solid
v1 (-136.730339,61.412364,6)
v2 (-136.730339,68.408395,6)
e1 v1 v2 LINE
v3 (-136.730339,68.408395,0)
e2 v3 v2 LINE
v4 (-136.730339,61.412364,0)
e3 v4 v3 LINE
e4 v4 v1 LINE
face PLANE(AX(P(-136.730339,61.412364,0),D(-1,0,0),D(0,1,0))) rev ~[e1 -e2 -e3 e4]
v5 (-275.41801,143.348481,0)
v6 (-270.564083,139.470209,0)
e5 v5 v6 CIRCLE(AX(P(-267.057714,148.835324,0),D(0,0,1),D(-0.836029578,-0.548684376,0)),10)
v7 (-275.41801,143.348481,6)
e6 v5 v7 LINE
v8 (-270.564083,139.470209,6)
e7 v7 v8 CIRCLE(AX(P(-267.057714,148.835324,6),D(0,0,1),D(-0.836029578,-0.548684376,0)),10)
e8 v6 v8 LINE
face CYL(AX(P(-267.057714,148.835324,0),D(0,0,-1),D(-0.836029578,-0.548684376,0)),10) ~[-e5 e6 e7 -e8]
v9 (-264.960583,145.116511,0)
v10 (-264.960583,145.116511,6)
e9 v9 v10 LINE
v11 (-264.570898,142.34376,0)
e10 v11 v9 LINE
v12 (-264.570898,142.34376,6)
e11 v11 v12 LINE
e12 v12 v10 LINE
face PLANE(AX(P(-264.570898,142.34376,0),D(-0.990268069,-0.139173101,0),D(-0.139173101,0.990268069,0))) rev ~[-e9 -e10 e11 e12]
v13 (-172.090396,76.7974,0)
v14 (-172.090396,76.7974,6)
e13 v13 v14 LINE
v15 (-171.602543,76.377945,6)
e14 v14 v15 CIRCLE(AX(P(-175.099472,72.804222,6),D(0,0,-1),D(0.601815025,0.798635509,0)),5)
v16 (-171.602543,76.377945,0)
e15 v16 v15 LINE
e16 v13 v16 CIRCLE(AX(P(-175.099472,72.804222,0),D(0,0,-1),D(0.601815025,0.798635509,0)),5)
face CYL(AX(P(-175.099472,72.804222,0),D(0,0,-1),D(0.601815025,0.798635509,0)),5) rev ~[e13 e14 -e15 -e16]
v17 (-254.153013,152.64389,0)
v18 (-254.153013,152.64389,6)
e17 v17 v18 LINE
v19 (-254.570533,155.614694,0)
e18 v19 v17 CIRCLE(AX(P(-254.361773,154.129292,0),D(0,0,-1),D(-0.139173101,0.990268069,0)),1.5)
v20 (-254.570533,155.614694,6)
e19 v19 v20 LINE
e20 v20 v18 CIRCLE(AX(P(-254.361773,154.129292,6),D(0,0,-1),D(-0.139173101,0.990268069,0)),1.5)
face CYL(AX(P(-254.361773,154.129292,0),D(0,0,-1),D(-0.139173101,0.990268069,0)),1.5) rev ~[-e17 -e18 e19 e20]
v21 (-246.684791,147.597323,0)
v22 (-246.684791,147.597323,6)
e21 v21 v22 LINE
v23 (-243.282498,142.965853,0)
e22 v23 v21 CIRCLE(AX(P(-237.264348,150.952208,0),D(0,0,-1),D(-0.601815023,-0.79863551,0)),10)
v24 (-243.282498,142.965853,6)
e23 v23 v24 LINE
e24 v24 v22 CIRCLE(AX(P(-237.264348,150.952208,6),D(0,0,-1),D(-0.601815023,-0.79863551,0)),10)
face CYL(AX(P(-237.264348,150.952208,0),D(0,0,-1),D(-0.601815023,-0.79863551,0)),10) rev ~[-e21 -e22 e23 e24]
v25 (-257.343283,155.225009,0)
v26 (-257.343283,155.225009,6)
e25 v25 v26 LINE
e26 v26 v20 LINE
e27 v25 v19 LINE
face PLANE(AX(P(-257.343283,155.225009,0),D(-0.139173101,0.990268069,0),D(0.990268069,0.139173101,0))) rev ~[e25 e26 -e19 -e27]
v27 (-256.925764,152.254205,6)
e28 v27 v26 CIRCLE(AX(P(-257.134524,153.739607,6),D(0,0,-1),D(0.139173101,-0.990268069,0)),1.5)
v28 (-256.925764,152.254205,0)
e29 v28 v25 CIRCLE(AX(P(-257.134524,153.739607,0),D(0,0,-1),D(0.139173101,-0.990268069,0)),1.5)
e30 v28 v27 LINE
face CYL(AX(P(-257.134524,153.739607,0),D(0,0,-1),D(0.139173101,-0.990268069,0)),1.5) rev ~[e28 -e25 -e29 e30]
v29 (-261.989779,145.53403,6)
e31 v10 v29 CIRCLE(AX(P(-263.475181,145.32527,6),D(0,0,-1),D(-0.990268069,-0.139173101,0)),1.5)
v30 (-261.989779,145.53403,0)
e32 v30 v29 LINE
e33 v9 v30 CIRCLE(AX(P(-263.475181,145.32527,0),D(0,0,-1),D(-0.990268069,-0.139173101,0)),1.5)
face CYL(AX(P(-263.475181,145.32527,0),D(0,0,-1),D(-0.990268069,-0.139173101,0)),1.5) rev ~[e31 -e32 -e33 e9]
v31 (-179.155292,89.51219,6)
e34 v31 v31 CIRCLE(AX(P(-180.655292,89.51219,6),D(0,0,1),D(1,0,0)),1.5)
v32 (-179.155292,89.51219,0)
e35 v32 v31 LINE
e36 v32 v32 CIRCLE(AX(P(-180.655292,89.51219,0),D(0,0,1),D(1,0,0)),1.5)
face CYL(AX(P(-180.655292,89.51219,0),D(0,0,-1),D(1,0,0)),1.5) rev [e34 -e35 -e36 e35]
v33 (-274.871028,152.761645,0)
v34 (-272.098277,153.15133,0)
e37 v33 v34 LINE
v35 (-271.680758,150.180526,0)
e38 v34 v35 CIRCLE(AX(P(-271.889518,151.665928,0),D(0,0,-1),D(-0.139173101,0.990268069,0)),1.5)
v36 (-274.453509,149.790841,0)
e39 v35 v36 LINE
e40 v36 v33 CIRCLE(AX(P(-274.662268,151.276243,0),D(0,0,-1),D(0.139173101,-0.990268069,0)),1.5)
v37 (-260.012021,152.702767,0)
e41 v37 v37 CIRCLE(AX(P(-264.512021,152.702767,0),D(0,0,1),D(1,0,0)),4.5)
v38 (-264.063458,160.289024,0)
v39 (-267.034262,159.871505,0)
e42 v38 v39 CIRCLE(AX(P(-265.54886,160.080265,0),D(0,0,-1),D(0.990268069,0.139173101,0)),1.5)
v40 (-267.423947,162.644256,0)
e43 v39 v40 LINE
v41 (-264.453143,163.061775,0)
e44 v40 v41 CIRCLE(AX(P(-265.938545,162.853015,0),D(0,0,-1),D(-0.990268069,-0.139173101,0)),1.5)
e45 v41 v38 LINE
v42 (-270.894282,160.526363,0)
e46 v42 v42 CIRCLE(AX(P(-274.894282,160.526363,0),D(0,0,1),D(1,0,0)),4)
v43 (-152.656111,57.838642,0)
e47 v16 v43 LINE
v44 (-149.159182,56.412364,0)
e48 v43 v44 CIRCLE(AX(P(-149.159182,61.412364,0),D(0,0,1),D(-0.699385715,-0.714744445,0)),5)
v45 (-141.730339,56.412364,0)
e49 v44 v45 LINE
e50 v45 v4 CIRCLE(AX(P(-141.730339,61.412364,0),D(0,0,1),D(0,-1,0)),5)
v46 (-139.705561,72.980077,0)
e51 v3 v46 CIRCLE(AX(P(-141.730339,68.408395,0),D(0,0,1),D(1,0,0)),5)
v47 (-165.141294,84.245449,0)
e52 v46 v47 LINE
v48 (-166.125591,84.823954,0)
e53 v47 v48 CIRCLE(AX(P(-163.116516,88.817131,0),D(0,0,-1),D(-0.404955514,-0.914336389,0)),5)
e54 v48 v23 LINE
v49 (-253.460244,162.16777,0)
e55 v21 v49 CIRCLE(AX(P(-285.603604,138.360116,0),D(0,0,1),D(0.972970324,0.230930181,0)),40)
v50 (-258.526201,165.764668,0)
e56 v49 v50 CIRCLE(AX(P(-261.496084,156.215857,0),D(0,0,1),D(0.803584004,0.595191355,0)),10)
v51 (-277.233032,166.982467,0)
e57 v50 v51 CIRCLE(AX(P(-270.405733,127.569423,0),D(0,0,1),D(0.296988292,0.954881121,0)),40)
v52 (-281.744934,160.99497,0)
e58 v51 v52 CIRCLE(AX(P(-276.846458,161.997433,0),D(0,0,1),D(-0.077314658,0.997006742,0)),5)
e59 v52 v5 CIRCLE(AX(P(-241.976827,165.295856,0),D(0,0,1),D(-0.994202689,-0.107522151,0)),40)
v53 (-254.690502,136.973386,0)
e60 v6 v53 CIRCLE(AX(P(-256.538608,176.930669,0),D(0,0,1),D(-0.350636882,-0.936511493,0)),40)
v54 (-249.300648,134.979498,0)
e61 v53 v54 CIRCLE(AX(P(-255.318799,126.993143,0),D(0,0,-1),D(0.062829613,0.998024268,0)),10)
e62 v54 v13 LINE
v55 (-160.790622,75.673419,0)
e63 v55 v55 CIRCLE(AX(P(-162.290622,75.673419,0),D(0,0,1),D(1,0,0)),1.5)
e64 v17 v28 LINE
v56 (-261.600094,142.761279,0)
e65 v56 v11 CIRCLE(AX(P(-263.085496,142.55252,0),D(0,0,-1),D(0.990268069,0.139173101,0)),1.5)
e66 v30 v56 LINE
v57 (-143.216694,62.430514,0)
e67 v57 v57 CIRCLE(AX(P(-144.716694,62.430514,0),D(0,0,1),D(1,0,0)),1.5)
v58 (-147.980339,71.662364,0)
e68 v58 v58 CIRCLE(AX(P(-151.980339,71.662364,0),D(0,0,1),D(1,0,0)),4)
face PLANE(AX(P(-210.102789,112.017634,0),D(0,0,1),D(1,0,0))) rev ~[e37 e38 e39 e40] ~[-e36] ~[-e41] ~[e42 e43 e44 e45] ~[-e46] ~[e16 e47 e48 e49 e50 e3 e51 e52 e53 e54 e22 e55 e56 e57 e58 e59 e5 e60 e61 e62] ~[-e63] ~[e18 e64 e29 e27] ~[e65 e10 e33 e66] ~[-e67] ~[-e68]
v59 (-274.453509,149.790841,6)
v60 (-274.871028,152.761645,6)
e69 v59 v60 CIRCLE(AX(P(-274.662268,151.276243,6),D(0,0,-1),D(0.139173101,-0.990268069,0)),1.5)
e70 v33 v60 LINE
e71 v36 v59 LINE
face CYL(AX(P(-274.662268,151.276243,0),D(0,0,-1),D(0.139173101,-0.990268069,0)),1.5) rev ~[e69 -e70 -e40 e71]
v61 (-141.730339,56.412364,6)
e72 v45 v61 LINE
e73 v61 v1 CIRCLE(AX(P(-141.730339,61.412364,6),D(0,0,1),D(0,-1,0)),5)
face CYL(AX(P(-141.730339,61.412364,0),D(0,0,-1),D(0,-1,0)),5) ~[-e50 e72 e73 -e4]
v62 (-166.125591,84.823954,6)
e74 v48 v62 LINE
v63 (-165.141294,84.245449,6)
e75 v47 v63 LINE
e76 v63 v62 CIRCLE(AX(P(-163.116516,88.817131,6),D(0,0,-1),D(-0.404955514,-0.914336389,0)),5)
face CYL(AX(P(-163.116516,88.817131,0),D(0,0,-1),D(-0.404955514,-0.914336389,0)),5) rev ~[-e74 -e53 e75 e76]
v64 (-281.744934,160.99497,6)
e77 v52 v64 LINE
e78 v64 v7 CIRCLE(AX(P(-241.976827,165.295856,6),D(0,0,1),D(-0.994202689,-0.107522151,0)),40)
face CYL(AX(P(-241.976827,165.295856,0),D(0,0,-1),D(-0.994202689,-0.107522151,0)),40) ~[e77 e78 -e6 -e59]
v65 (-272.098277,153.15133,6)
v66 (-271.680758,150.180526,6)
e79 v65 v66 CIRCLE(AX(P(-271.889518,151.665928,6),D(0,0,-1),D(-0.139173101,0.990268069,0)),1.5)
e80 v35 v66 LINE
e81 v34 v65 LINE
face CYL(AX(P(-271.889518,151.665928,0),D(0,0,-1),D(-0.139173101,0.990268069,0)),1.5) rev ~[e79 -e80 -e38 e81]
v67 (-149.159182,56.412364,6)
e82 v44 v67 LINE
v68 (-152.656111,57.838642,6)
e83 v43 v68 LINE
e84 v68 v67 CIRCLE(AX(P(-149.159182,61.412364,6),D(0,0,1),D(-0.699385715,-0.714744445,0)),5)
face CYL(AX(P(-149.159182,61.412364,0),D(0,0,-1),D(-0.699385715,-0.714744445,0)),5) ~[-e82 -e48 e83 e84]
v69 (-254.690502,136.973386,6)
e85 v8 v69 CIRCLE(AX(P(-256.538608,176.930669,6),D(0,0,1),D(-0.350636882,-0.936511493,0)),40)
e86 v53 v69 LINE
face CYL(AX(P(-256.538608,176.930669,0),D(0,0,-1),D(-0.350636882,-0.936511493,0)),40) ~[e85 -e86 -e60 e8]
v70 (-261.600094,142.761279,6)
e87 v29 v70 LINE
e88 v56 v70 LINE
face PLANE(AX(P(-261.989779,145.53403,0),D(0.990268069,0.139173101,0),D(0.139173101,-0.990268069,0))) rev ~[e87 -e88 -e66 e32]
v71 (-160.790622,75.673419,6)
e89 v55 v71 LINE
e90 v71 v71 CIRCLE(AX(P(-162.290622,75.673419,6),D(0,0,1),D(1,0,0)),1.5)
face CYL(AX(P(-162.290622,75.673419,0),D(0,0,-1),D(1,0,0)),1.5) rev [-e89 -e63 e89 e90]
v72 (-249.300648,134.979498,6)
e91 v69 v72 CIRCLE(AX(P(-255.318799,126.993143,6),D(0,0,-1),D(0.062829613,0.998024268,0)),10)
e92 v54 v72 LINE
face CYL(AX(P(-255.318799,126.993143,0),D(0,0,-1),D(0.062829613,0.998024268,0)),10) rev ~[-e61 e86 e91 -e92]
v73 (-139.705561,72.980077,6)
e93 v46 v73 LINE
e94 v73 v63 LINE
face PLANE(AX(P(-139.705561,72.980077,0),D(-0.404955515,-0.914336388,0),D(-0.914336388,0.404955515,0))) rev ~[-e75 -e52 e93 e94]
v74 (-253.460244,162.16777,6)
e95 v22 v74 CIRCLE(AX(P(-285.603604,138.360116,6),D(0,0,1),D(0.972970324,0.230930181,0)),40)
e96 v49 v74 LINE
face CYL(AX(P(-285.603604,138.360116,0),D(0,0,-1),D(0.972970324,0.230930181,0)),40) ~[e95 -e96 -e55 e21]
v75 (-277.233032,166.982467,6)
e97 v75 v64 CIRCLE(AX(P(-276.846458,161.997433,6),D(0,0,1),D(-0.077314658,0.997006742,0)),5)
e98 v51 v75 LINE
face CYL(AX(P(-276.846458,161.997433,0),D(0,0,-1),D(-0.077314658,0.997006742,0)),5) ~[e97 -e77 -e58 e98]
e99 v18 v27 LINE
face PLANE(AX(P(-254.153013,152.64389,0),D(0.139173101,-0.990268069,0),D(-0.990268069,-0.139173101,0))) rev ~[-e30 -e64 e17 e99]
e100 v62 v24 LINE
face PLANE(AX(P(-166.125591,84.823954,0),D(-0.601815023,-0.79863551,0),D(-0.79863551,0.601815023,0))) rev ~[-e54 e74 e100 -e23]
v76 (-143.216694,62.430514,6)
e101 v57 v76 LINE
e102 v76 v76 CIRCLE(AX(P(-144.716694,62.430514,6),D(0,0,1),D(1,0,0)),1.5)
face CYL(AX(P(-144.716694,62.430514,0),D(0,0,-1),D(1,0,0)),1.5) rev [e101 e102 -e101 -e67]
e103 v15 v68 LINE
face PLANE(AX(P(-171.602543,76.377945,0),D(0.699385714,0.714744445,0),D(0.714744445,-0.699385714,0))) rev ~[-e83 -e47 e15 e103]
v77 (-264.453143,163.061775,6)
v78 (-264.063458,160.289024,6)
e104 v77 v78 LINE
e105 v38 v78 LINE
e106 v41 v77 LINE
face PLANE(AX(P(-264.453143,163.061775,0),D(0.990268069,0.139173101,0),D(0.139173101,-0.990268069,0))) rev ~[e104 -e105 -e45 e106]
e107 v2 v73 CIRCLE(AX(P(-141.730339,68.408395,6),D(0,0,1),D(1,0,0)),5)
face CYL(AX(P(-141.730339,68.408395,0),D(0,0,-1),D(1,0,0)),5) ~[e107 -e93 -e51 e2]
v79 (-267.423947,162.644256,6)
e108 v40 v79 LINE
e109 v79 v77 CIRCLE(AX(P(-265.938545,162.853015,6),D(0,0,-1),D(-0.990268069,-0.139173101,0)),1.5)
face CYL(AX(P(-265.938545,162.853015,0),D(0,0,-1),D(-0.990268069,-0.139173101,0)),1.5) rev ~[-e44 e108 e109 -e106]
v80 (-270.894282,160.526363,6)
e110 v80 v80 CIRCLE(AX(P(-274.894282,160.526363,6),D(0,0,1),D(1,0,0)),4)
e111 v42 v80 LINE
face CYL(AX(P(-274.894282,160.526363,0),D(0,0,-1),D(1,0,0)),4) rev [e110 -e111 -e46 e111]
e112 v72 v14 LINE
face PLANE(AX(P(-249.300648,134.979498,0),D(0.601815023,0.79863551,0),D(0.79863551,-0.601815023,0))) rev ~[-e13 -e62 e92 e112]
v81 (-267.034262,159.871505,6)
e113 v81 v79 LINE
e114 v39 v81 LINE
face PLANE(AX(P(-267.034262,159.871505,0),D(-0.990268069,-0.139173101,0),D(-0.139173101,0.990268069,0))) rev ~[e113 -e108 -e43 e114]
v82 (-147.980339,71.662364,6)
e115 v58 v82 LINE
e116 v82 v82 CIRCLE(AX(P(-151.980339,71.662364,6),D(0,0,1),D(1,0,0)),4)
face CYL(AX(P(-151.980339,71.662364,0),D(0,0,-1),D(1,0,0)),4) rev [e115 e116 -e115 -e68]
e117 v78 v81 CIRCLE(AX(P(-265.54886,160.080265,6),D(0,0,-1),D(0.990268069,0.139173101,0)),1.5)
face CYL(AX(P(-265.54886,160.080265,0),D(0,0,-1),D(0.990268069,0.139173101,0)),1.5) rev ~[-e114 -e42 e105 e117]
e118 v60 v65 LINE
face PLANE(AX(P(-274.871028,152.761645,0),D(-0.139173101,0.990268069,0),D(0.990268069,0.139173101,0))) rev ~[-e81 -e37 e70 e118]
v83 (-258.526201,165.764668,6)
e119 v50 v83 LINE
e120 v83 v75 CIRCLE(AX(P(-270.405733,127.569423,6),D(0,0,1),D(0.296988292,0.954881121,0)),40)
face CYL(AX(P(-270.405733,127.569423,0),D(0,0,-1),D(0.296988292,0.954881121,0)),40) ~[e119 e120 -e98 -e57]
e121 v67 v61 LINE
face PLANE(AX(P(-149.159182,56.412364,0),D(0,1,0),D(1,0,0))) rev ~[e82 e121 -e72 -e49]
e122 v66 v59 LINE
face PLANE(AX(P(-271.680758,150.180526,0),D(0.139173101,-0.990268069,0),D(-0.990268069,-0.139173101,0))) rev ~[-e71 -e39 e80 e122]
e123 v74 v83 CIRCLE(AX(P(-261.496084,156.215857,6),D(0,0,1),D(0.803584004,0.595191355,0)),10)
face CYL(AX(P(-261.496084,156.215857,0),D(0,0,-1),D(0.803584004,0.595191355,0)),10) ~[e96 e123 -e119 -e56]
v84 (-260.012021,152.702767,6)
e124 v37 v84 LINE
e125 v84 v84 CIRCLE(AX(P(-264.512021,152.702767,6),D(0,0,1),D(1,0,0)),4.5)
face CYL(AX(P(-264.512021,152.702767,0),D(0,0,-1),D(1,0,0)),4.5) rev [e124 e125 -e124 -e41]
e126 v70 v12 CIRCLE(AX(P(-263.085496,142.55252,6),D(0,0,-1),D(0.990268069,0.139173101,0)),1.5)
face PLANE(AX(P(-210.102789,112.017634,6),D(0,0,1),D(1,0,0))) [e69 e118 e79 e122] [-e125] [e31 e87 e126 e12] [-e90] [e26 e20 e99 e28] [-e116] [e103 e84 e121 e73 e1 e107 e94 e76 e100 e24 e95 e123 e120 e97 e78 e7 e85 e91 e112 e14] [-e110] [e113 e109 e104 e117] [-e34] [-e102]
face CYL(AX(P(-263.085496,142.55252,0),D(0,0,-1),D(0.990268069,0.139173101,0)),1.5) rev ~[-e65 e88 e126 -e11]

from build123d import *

# Parameters (mm, degrees)
CROQUIS1_R              = 1.5
CROQUIS1_R_2            = 4
CROQUIS1_R_3            = 4.5
SALIENTE_EXTRUIR1_DEPTH = 6


with BuildPart() as part:
    # Croquis1 → Saliente-Extruir1 (new body)
    with BuildSketch(Plane.XY):
        with BuildLine():
            ThreePointArc((-141.730339063, 56.412363794), (-138.194805157, 57.876829888), (-136.730339063, 61.412363794))
            Line((-136.730339063, 61.412363794), (-136.730339063, 68.408394616))
            ThreePointArc((-136.730339063, 68.408394616), (-137.539641754, 71.135674591), (-139.705561488, 72.980076558))
            Line((-139.705561488, 72.980076558), (-165.141293909, 84.245449184))
            ThreePointArc((-165.141293909, 84.245449184), (-165.650008995, 84.506514587), (-166.12559145, 84.823953575))
            Line((-166.12559145, 84.823953575), (-243.282498112, 142.965853083))
            ThreePointArc((-243.282498112, 142.965853083), (-245.323514753, 145.031918552), (-246.684791002, 147.597323475))
            ThreePointArc((-246.684791002, 147.597323475), (-249.33333249, 155.226277836), (-253.46024382, 162.167770437))
            ThreePointArc((-253.46024382, 162.167770437), (-255.706791789, 164.36963499), (-258.526200935, 165.764668091))
            ThreePointArc((-258.526200935, 165.764668091), (-267.807267276, 167.484933762), (-277.233031605, 166.98246665))
            ThreePointArc((-277.233031605, 166.98246665), (-280.839635864, 165.006508056), (-281.744934312, 160.994969527))
            ThreePointArc((-281.744934312, 160.994969527), (-279.629843944, 151.795844616), (-275.418009863, 143.348480526))
            ThreePointArc((-275.418009863, 143.348480526), (-273.299883496, 141.022813744), (-270.564082899, 139.470209357))
            ThreePointArc((-270.564082899, 139.470209357), (-262.753961023, 137.416502238), (-254.690502443, 136.973385563))
            ThreePointArc((-254.690502443, 136.973385563), (-251.84925837, 136.371964278), (-249.300648344, 134.979497983))
            Line((-249.300648344, 134.979497983), (-172.090396499, 76.797399996))
            ThreePointArc((-172.090396499, 76.797399996), (-171.839715997, 76.595527407), (-171.602543042, 76.377944673))
            Line((-171.602543042, 76.377944673), (-152.656110988, 57.838641566))
            ThreePointArc((-152.656110988, 57.838641566), (-151.047487061, 56.782643978), (-149.159182416, 56.412363794))
            Line((-149.159182416, 56.412363794), (-141.730339063, 56.412363794))
        make_face()
        with Locations((-144.716694163, 62.430514025)):
            Circle(CROQUIS1_R, mode=Mode.SUBTRACT)
        with Locations((-162.290622468, 75.673418875)):
            Circle(CROQUIS1_R, mode=Mode.SUBTRACT)
        with Locations((-151.980339063, 71.662363794)):
            Circle(CROQUIS1_R_2, mode=Mode.SUBTRACT)
        with Locations((-180.655292115, 89.512190067)):
            Circle(CROQUIS1_R, mode=Mode.SUBTRACT)
        with BuildLine():
            Line((-271.680758131, 150.180525793), (-274.453508724, 149.79084111))
            ThreePointArc((-274.453508724, 149.79084111), (-276.147670478, 151.067483562), (-274.871028026, 152.761645316))
            Line((-274.871028026, 152.761645316), (-272.098277434, 153.151329999))
            ThreePointArc((-272.098277434, 153.151329999), (-270.404115679, 151.874687547), (-271.680758131, 150.180525793))
        make_face(mode=Mode.SUBTRACT)
        with Locations((-264.51202067, 152.702767498)):
            Circle(CROQUIS1_R_3, mode=Mode.SUBTRACT)
        with BuildLine():
            Line((-261.989778965, 145.534030037), (-261.600094282, 142.761279445))
            ThreePointArc((-261.600094282, 142.761279445), (-262.876736734, 141.06711769), (-264.570898489, 142.343760142))
            Line((-264.570898489, 142.343760142), (-264.960583171, 145.116510734))
            ThreePointArc((-264.960583171, 145.116510734), (-263.68394072, 146.810672489), (-261.989778965, 145.534030037))
        make_face(mode=Mode.SUBTRACT)
        with Locations((-274.894282301, 160.526362799)):
            Circle(CROQUIS1_R_2, mode=Mode.SUBTRACT)
        with BuildLine():
            Line((-267.034262376, 159.871504959), (-267.423947058, 162.644255551))
            ThreePointArc((-267.423947058, 162.644255551), (-266.147304607, 164.338417306), (-264.453142852, 163.061774854))
            Line((-264.453142852, 163.061774854), (-264.063458169, 160.289024262))
            ThreePointArc((-264.063458169, 160.289024262), (-265.340100621, 158.594862507), (-267.034262376, 159.871504959))
        make_face(mode=Mode.SUBTRACT)
        with BuildLine():
            Line((-257.34328321, 155.225009203), (-254.570532617, 155.614693886))
            ThreePointArc((-254.570532617, 155.614693886), (-252.876370863, 154.338051434), (-254.153013314, 152.64388968))
            Line((-254.153013314, 152.64388968), (-256.925763907, 152.254204997))
            ThreePointArc((-256.925763907, 152.254204997), (-258.619925661, 153.530847449), (-257.34328321, 155.225009203))
        make_face(mode=Mode.SUBTRACT)
    extrude(amount=SALIENTE_EXTRUIR1_DEPTH)


solid = part.part
